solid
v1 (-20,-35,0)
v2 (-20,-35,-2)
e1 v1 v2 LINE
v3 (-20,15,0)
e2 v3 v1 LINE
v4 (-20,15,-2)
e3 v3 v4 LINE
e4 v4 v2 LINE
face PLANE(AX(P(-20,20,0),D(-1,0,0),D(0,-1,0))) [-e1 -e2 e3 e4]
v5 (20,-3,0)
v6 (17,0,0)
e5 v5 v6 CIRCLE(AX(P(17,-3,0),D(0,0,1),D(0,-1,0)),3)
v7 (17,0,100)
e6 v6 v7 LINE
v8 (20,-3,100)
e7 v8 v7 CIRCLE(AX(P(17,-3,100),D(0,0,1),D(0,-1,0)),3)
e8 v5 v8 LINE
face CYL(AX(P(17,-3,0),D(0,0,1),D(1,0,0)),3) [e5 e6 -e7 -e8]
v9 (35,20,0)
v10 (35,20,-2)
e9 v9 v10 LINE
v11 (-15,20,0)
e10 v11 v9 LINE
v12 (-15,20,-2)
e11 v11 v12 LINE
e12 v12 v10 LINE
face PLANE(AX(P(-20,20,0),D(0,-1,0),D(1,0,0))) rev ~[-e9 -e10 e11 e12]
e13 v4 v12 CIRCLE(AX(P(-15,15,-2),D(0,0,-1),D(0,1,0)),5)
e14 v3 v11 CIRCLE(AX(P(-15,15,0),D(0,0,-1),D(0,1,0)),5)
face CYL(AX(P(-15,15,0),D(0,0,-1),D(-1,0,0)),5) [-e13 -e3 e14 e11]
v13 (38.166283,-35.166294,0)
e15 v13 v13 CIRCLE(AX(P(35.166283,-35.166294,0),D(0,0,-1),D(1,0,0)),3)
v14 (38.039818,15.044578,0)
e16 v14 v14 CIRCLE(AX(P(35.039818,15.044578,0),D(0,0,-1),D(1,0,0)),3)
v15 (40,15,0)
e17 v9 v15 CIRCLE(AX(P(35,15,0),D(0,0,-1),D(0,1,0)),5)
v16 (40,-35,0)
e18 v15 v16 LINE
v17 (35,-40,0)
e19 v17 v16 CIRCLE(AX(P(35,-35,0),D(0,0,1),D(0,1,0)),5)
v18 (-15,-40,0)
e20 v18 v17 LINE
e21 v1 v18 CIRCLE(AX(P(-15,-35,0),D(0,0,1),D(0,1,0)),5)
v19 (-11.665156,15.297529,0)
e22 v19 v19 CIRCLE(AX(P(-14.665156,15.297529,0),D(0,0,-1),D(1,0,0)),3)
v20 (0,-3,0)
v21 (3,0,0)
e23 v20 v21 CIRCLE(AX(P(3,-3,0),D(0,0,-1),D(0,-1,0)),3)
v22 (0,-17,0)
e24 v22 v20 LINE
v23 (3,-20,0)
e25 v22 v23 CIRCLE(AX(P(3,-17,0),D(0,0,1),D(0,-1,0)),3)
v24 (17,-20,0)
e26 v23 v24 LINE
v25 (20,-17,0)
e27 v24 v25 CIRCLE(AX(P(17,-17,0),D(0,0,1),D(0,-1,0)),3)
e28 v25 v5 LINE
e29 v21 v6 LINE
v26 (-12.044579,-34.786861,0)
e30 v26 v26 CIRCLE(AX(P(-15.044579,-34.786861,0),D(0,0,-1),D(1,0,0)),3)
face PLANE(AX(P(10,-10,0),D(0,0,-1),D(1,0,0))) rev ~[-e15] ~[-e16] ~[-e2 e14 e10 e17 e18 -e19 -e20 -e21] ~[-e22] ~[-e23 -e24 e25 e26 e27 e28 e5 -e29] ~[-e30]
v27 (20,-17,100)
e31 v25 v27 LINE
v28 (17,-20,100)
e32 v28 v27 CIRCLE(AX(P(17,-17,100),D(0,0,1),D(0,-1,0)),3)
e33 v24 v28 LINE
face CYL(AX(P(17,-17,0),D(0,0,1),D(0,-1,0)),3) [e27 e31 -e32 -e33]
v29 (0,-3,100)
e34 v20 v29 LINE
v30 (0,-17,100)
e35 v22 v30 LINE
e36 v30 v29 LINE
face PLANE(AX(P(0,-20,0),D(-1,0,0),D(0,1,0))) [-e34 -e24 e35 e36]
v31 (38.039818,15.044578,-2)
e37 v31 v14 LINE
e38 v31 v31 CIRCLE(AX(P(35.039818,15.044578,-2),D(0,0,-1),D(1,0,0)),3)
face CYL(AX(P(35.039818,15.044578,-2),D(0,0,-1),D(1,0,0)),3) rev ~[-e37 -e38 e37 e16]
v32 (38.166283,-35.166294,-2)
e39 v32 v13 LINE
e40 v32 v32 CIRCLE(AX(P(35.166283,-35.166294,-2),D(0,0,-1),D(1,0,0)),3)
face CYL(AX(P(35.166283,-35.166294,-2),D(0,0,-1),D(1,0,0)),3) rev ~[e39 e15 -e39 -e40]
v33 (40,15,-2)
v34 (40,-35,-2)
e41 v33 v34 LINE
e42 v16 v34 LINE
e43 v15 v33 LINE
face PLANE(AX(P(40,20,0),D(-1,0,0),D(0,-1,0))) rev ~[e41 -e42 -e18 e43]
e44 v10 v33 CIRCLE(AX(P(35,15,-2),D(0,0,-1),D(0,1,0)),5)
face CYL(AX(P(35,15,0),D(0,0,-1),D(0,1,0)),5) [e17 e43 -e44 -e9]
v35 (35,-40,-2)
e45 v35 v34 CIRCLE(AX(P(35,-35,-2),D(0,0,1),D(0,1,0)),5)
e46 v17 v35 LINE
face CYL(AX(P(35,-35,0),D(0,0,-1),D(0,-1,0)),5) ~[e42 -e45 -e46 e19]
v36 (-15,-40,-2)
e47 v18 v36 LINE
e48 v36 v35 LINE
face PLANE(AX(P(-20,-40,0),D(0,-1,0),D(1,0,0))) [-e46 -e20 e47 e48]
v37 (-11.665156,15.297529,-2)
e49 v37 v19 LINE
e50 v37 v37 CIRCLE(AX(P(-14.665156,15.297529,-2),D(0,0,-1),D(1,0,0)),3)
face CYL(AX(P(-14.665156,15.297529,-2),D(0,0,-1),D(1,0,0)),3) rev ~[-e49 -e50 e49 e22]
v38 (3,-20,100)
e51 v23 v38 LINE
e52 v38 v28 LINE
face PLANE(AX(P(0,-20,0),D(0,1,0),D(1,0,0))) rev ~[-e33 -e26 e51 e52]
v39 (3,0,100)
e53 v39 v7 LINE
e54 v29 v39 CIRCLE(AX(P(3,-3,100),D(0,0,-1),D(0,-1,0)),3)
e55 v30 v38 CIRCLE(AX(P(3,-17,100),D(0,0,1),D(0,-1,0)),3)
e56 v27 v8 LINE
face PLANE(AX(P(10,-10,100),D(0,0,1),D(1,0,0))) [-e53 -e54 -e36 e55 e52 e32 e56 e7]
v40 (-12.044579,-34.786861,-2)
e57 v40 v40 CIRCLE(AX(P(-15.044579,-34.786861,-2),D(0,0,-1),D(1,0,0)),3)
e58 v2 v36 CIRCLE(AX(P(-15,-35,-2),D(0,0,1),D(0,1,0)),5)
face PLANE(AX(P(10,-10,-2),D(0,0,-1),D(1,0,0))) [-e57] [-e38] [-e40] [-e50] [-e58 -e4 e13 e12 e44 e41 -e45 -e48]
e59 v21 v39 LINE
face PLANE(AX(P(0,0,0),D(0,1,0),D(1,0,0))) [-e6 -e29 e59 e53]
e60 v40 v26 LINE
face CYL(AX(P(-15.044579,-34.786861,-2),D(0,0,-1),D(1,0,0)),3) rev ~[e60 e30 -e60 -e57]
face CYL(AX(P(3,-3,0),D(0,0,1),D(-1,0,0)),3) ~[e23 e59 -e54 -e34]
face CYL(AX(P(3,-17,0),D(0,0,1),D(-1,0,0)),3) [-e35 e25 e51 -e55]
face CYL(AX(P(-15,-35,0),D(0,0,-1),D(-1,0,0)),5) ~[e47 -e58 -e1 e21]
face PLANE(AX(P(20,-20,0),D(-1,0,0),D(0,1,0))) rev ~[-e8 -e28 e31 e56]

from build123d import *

# Parameters (mm, degrees)
SKETCH_W     = 20
SKETCH_H     = 20
PAD_DEPTH    = 100
FILLET_R     = 3
FILLET001_R  = 3
SKETCH001_W  = 60
SKETCH001_H  = 60
PAD001_DEPTH = 2
FILLET002_R  = 5
FILLET003_R  = 5
FILLET004_R  = 5
FILLET005_R  = 5
SKETCH002_R  = 3
HOLE_DEPTH   = 25
HOLE_TIPS_R  = 3


with BuildPart() as part:
    # Sketch → Pad (new body)
    with BuildSketch(Plane.XY):
        with Locations((10, -10)):
            Rectangle(SKETCH_W, SKETCH_H)
    extrude(amount=PAD_DEPTH)

    # Fillet
    fillet_edges = [part.edges().sort_by_distance(p)[0] for p in [
        (0, -20, 50),
        (20, 0, 50),
        (0, 0, 50),
    ]]
    fillet(fillet_edges, radius=FILLET_R)

    # Fillet001
    fillet001_edges = [part.edges().sort_by_distance(p)[0] for p in [
        (20, -20, 50),
    ]]
    fillet(fillet001_edges, radius=FILLET001_R)

    # Sketch001 (on Face1 of Fillet001) → Pad001 (join)
    with BuildSketch(Plane(origin=(0, 0, 0), x_dir=(1, 0, 0), z_dir=(0, 0, -1))):
        with Locations((10, 10)):
            Rectangle(SKETCH001_W, SKETCH001_H)
    extrude(amount=PAD001_DEPTH)

    # Fillet002
    fillet002_edges = [part.edges().sort_by_distance(p)[0] for p in [
        (-20, 20, -1),
    ]]
    fillet(fillet002_edges, radius=FILLET002_R)

    # Fillet003
    fillet003_edges = [part.edges().sort_by_distance(p)[0] for p in [
        (40, 20, -1),
    ]]
    fillet(fillet003_edges, radius=FILLET003_R)

    # Fillet004
    fillet004_edges = [part.edges().sort_by_distance(p)[0] for p in [
        (-20, -40, -1),
    ]]
    fillet(fillet004_edges, radius=FILLET004_R)

    # Fillet005
    fillet005_edges = [part.edges().sort_by_distance(p)[0] for p in [
        (40, -40, -1),
    ]]
    fillet(fillet005_edges, radius=FILLET005_R)

    # Sketch002 (on Face18 of Fillet005) → Hole (cut)
    with BuildSketch(Plane(origin=(0, 0, -2), x_dir=(1, 0, 0), z_dir=(0, 0, -1))):
        with Locations((-14.665156, -15.297529)):
            Circle(SKETCH002_R)
        with Locations((35.039818, -15.044578)):
            Circle(SKETCH002_R)
        with Locations((35.166283, 35.166294)):
            Circle(SKETCH002_R)
        with Locations((-15.044579, 34.786861)):
            Circle(SKETCH002_R)
    extrude(amount=-HOLE_DEPTH, mode=Mode.SUBTRACT)

    # Hole tips → Hole tip 1 section 0
    with BuildSketch(Plane(origin=(0, 0, 23), x_dir=(1, 0, 0), z_dir=(0, 0, -1)), mode=Mode.PRIVATE) as hole_tip_1_s0:
        with Locations((-14.665156, -15.297529)):
            Circle(HOLE_TIPS_R)
    loft([hole_tip_1_s0.sketch, Vertex(-14.665156, 15.297529, 24.802582)], mode=Mode.SUBTRACT)

    # Hole tips → Hole tip 2 section 0
    with BuildSketch(Plane(origin=(0, 0, 23), x_dir=(1, 0, 0), z_dir=(0, 0, -1)), mode=Mode.PRIVATE) as hole_tip_2_s0:
        with Locations((35.039818, -15.044578)):
            Circle(HOLE_TIPS_R)
    loft([hole_tip_2_s0.sketch, Vertex(35.039818, 15.044578, 24.802582)], mode=Mode.SUBTRACT)

    # Hole tips → Hole tip 3 section 0
    with BuildSketch(Plane(origin=(0, 0, 23), x_dir=(1, 0, 0), z_dir=(0, 0, -1)), mode=Mode.PRIVATE) as hole_tip_3_s0:
        with Locations((35.166283, 35.166294)):
            Circle(HOLE_TIPS_R)
    loft([hole_tip_3_s0.sketch, Vertex(35.166283, -35.166294, 24.802582)], mode=Mode.SUBTRACT)

    # Hole tips → Hole tip 4 section 0
    with BuildSketch(Plane(origin=(0, 0, 23), x_dir=(1, 0, 0), z_dir=(0, 0, -1)), mode=Mode.PRIVATE) as hole_tip_4_s0:
        with Locations((-15.044579, 34.786861)):
            Circle(HOLE_TIPS_R)
    loft([hole_tip_4_s0.sketch, Vertex(-15.044579, -34.786861, 24.802582)], mode=Mode.SUBTRACT)


solid = part.part
